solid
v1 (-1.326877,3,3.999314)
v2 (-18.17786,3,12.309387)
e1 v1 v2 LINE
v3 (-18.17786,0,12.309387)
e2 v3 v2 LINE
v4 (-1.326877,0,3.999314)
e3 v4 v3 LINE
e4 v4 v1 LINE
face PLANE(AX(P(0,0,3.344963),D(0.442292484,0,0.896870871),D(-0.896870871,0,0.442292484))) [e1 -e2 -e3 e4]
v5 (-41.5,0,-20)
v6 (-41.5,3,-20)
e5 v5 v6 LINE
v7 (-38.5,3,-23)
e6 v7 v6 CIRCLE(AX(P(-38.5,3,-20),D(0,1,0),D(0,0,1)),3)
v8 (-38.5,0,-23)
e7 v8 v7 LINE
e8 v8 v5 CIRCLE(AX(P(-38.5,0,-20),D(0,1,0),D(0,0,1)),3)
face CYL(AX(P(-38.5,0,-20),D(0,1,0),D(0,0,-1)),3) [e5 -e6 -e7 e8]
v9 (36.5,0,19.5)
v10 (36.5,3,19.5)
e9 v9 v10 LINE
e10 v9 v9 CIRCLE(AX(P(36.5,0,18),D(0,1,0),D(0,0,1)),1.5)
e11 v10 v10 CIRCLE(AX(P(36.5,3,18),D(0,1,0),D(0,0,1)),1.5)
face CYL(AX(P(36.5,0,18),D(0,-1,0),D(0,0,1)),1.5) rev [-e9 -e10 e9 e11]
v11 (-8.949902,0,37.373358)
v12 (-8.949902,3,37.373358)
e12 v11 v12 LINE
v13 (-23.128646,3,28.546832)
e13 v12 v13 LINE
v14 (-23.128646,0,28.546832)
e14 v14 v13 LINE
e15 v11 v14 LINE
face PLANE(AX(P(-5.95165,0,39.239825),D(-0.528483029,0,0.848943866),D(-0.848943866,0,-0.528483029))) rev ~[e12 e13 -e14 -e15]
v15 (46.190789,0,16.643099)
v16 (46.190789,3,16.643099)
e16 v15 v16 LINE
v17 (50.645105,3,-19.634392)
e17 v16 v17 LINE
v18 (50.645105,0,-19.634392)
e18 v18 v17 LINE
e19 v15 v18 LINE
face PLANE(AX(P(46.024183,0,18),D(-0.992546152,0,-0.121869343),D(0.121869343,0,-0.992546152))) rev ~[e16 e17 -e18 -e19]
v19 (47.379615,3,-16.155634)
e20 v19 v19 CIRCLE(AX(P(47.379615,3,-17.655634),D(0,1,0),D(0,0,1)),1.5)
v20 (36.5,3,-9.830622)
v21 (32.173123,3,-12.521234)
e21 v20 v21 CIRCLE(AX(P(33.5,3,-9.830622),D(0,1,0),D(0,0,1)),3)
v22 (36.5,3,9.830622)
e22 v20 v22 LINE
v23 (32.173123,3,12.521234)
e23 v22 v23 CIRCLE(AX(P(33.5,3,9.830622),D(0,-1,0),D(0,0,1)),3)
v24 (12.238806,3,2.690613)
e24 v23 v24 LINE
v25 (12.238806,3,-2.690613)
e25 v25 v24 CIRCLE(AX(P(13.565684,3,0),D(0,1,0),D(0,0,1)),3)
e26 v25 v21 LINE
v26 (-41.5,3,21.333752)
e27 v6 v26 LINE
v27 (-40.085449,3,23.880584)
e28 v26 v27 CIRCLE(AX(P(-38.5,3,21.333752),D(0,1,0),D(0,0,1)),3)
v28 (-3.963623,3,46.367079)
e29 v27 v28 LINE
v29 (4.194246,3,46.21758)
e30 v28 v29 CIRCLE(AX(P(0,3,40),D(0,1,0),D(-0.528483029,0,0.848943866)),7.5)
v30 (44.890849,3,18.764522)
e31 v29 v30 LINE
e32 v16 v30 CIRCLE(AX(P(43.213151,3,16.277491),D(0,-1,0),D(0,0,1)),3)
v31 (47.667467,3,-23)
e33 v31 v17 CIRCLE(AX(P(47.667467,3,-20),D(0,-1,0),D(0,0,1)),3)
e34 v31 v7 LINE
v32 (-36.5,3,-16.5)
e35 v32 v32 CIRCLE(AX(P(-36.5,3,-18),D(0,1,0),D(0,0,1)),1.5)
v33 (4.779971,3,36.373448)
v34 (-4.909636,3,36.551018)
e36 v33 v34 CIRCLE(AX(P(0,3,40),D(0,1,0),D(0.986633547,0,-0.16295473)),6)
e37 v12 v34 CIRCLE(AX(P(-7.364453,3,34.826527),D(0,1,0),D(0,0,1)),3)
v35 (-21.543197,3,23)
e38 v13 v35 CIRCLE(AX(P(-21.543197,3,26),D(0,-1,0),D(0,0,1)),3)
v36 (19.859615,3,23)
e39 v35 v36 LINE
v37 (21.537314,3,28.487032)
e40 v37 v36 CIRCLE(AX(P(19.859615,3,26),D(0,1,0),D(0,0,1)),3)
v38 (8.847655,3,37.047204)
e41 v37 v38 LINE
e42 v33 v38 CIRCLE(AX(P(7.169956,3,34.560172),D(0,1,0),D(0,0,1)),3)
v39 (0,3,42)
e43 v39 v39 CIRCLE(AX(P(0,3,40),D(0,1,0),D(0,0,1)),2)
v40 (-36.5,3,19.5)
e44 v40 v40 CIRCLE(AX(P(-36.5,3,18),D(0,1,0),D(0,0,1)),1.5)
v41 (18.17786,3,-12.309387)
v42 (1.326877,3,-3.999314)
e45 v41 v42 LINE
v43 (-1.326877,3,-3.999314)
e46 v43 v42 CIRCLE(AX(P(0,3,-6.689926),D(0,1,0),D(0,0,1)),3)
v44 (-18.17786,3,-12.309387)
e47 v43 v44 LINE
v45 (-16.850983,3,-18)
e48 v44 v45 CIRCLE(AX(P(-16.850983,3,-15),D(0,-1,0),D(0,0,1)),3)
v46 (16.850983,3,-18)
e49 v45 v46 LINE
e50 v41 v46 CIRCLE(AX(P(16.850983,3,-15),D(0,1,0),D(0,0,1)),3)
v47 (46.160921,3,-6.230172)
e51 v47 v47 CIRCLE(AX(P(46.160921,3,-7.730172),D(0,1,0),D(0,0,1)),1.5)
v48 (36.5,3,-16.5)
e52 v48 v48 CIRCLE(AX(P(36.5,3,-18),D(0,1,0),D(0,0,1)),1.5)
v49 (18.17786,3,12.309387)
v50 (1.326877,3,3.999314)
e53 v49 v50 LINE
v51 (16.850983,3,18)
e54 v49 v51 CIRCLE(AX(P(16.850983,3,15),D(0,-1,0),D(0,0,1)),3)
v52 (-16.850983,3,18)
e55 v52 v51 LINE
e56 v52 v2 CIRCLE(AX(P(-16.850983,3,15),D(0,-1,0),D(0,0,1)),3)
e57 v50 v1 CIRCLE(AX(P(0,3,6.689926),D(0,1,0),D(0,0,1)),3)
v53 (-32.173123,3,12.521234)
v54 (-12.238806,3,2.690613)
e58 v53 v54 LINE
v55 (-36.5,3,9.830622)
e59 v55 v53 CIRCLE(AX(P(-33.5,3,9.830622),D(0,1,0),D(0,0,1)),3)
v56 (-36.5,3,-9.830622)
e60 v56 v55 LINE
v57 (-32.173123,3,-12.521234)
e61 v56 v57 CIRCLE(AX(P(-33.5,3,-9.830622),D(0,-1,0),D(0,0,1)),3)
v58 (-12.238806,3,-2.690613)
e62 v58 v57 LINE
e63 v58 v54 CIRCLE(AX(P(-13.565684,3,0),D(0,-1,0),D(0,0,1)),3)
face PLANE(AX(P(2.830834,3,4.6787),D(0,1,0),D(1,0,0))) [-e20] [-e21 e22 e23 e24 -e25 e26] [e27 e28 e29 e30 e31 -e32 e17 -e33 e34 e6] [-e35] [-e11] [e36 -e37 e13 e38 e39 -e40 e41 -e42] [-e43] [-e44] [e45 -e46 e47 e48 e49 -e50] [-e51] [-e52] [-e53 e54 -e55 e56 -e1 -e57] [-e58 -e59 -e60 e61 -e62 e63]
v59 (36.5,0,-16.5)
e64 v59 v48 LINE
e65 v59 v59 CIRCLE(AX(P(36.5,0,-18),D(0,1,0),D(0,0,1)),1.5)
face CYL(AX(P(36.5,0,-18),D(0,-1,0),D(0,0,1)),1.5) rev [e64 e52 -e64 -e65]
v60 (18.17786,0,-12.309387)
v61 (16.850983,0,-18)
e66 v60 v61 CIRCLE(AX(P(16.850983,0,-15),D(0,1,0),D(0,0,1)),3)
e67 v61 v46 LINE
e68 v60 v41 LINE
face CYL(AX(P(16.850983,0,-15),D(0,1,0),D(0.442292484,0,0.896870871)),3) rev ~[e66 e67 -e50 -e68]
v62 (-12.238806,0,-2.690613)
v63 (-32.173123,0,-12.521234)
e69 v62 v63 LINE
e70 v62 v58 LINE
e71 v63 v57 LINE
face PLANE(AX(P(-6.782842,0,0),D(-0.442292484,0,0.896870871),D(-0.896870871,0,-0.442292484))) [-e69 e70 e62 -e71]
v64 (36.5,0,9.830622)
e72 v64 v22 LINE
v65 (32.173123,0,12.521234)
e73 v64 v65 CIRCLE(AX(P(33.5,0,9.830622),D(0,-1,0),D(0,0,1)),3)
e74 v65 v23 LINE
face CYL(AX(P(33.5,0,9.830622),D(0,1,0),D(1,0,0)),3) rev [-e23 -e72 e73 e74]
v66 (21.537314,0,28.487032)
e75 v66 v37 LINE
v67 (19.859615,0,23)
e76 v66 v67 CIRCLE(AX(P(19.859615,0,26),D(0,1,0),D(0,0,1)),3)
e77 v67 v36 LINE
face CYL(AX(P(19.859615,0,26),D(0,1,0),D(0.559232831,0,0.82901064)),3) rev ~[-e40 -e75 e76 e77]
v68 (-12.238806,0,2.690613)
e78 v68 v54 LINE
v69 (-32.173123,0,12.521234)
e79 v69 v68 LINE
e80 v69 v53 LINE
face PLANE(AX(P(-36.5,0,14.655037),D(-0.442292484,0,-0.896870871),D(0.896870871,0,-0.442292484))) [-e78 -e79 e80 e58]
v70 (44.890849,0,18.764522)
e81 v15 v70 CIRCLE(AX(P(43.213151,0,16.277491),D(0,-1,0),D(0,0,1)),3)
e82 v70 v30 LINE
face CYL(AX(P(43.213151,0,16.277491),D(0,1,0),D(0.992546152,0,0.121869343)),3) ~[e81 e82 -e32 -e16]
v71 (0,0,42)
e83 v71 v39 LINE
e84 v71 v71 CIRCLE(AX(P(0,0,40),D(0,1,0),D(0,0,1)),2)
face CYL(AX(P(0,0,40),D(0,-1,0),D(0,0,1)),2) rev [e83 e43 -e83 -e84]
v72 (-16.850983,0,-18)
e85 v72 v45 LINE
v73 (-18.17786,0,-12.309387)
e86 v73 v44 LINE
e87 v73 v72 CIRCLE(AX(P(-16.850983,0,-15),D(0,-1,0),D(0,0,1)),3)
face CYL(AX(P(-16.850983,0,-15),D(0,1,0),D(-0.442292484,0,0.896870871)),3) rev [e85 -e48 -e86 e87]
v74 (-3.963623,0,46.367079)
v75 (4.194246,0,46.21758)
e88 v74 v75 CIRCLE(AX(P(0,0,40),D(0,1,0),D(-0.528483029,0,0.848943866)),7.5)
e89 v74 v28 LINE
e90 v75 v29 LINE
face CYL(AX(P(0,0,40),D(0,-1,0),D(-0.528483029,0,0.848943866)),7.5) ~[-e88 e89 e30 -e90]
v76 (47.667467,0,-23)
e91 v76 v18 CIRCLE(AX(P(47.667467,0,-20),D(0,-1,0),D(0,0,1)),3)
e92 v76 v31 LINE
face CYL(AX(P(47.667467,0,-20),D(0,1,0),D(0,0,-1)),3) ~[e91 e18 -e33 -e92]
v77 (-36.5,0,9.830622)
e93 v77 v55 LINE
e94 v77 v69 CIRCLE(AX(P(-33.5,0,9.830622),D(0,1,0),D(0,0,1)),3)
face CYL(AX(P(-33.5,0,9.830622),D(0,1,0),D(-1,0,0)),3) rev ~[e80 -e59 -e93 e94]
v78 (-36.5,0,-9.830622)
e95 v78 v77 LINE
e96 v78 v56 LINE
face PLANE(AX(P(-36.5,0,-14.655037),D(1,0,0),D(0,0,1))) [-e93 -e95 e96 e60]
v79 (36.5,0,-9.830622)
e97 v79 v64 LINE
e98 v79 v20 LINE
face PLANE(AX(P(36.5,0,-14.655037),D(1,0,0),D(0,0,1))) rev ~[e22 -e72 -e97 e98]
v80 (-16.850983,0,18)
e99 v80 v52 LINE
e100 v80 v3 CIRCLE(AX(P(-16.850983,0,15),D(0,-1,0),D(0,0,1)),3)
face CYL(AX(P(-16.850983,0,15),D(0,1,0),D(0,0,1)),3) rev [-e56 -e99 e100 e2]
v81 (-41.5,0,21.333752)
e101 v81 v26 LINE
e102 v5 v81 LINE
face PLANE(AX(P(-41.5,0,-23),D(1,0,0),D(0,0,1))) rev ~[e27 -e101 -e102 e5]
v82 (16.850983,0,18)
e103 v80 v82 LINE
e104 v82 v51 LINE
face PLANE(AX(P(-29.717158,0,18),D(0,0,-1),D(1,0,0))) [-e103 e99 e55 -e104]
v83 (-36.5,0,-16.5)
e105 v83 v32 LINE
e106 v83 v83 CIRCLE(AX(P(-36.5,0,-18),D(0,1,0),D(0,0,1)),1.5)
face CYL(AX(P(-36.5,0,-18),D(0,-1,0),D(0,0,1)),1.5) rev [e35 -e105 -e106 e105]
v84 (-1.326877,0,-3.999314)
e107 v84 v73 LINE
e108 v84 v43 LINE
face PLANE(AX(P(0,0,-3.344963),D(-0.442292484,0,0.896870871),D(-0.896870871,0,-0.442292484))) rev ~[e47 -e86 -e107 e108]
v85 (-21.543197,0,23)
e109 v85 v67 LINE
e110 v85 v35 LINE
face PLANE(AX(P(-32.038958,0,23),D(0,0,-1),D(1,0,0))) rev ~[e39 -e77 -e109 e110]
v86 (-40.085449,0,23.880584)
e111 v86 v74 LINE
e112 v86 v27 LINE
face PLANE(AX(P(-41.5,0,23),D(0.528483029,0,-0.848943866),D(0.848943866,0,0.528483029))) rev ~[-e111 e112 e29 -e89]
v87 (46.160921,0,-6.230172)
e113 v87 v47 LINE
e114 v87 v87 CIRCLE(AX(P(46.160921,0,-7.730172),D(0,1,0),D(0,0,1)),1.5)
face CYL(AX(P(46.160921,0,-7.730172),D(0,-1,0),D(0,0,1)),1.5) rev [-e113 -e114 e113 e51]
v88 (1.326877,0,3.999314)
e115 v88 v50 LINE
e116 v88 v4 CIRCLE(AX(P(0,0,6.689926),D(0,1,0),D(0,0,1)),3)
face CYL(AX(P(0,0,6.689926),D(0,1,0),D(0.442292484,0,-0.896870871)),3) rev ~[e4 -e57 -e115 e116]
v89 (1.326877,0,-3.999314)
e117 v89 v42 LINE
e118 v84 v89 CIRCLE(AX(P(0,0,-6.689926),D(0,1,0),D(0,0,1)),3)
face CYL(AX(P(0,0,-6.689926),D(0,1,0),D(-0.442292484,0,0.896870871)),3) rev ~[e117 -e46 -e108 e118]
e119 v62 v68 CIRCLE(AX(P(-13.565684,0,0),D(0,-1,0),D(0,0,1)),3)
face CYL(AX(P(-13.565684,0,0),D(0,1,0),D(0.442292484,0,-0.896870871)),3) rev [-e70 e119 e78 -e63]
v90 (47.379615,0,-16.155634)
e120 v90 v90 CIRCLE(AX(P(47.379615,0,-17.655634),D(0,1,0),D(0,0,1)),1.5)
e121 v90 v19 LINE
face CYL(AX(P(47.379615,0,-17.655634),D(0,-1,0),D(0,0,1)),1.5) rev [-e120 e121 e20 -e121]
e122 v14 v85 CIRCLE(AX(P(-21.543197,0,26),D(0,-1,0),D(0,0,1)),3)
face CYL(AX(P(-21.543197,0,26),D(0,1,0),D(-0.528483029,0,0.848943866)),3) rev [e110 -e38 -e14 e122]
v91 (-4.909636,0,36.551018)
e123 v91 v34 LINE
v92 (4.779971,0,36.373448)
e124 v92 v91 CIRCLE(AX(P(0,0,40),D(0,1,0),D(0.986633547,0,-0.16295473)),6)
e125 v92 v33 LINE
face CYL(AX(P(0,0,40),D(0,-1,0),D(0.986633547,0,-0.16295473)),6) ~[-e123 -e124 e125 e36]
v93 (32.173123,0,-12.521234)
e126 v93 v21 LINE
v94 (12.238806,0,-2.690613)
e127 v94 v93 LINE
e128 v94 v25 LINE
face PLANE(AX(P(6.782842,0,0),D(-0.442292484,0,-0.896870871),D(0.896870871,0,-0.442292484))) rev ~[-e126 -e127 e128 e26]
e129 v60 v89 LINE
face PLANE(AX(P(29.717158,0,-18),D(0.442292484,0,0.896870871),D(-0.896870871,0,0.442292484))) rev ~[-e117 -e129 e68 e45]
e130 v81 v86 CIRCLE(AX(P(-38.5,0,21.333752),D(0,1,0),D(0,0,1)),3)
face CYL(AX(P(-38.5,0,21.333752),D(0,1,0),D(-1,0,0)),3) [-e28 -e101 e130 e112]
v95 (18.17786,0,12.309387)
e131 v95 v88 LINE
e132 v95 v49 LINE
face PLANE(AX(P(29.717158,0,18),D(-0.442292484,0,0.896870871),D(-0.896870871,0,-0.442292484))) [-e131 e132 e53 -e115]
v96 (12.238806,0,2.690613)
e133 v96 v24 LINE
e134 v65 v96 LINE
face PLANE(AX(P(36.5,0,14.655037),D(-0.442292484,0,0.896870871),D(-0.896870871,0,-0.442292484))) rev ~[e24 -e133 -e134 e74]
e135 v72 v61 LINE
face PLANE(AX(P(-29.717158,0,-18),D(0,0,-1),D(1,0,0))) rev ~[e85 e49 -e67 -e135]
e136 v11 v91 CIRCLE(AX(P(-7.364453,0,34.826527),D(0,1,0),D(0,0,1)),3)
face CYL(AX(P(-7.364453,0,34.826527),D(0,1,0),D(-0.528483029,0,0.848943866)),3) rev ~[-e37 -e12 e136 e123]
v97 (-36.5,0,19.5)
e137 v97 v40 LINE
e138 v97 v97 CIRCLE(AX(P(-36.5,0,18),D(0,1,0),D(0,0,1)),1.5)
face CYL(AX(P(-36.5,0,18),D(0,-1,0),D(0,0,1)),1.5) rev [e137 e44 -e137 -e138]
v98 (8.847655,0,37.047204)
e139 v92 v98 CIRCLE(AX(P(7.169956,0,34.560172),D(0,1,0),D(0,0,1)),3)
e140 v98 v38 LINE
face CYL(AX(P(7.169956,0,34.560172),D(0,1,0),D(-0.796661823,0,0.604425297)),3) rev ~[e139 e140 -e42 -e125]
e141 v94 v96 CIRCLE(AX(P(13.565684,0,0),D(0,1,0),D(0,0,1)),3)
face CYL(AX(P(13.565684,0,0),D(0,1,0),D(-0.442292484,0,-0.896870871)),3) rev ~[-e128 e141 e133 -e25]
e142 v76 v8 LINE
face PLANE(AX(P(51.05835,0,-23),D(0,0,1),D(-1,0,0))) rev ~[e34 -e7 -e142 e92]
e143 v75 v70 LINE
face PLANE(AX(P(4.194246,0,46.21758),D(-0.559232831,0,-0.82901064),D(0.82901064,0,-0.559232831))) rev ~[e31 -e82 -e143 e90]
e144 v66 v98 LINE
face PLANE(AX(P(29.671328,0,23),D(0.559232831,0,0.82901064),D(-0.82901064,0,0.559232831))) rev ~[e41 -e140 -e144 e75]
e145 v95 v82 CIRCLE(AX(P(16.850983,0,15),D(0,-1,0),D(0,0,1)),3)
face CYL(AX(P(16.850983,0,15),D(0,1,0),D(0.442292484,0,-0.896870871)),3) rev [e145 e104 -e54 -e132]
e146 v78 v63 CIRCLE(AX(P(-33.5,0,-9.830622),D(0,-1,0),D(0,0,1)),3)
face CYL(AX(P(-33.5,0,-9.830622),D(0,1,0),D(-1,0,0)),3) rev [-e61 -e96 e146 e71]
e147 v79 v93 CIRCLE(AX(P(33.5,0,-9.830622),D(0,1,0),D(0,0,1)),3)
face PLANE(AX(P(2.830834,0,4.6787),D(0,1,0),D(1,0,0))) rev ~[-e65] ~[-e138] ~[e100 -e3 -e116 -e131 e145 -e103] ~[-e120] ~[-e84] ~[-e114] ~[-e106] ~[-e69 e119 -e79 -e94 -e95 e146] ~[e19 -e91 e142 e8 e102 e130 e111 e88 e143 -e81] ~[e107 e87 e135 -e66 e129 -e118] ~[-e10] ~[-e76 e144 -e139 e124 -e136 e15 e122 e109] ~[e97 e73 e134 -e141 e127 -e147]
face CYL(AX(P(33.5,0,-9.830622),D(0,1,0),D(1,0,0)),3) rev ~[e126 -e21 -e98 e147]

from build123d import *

# Parameters (mm, degrees)
SKETCH_1_R      = 1.5
SKETCH_1_R_2    = 2
EXTRUDE_1_DEPTH = 3
FILLET_1_R      = 3


with BuildPart() as part:
    # 草图1 → 凸台-拉伸1 (new body)
    with BuildSketch(Plane(origin=(0, 0, 0), x_dir=(1, 0, 0), z_dir=(0, 1, 0))):
        with BuildLine():
            Line((51.058349832, 23), (-41.5, 23))
            Line((-41.5, 23), (-41.5, -23))
            Line((-41.5, -23), (-3.963622721, -46.367078995))
            ThreePointArc((-3.963622721, -46.367078995), (0.137420172, -47.498740941), (4.194246234, -46.217579797))
            Line((4.194246234, -46.217579797), (46.024182835, -18))
            Line((46.024182835, -18), (51.058349832, 23))
        make_face()
        with Locations(Location((-36.5, 18, 0), (0, 0, 270))):
            Circle(SKETCH_1_R, mode=Mode.SUBTRACT)
        with Locations(Location((36.5, 18, 0), (0, 0, 270))):
            Circle(SKETCH_1_R, mode=Mode.SUBTRACT)
        with Locations(Location((36.5, -18, 0), (0, 0, 270))):
            Circle(SKETCH_1_R, mode=Mode.SUBTRACT)
        with Locations(Location((-36.5, -18, 0), (0, 0, 270))):
            Circle(SKETCH_1_R, mode=Mode.SUBTRACT)
        with Locations(Location((0, -40, 0), (0, 0, 270))):
            Circle(SKETCH_1_R_2, mode=Mode.SUBTRACT)
        with Locations(Location((46.160921266, 7.730172301, 0), (0, 0, 270))):
            Circle(SKETCH_1_R, mode=Mode.SUBTRACT)
        with Locations(Location((47.3796147, 17.655633817, 0), (0, 0, 270))):
            Circle(SKETCH_1_R, mode=Mode.SUBTRACT)
        Polygon((-29.717158085, 18), (29.717158085, 18), (0, 3.344963136), align=None, mode=Mode.SUBTRACT)
        Polygon((-36.5, 14.655036864), (-36.5, -14.655036864), (-6.782841915, 0), align=None, mode=Mode.SUBTRACT)
        Polygon((29.717158085, -18), (0, -3.344963136), (-29.717158085, -18), align=None, mode=Mode.SUBTRACT)
        Polygon((36.5, -14.655036864), (6.782841915, 0), (36.5, 14.655036864), align=None, mode=Mode.SUBTRACT)
        with BuildLine():
            Line((-32.038958261, -23), (29.671328196, -23))
            Line((29.671328196, -23), (5.919801281, -39.022271619))
            ThreePointArc((5.919801281, -39.022271619), (-0.109936138, -34.001007247), (-5.951649691, -39.239825052))
            Line((-5.951649691, -39.239825052), (-32.038958261, -23))
        make_face(mode=Mode.SUBTRACT)
    extrude(amount=EXTRUDE_1_DEPTH)

    # 圆角1
    fillet_1_edges = [part.edges().sort_by_distance(p)[0] for p in [
        (-41.5, 1.5, 23),
        (-41.5, 1.5, -23),
        (51.058349832, 1.5, -23),
        (46.024182835, 1.5, 18),
        (-32.038958261, 1.5, 23),
        (-5.951649691, 1.5, 39.239825052),
        (5.919801281, 1.5, 39.022271619),
        (29.671328196, 1.5, 23),
        (-29.717158085, 1.5, -18),
        (0, 1.5, -3.344963136),
        (29.717158085, 1.5, -18),
        (-6.782841915, 1.5, 0),
        (-36.5, 1.5, -14.655036864),
        (-36.5, 1.5, 14.655036864),
        (-29.717158085, 1.5, 18),
        (29.717158085, 1.5, 18),
        (0, 1.5, 3.344963136),
        (36.5, 1.5, 14.655036864),
        (36.5, 1.5, -14.655036864),
        (6.782841915, 1.5, 0),
    ]]
    fillet(fillet_1_edges, radius=FILLET_1_R)


solid = part.part
